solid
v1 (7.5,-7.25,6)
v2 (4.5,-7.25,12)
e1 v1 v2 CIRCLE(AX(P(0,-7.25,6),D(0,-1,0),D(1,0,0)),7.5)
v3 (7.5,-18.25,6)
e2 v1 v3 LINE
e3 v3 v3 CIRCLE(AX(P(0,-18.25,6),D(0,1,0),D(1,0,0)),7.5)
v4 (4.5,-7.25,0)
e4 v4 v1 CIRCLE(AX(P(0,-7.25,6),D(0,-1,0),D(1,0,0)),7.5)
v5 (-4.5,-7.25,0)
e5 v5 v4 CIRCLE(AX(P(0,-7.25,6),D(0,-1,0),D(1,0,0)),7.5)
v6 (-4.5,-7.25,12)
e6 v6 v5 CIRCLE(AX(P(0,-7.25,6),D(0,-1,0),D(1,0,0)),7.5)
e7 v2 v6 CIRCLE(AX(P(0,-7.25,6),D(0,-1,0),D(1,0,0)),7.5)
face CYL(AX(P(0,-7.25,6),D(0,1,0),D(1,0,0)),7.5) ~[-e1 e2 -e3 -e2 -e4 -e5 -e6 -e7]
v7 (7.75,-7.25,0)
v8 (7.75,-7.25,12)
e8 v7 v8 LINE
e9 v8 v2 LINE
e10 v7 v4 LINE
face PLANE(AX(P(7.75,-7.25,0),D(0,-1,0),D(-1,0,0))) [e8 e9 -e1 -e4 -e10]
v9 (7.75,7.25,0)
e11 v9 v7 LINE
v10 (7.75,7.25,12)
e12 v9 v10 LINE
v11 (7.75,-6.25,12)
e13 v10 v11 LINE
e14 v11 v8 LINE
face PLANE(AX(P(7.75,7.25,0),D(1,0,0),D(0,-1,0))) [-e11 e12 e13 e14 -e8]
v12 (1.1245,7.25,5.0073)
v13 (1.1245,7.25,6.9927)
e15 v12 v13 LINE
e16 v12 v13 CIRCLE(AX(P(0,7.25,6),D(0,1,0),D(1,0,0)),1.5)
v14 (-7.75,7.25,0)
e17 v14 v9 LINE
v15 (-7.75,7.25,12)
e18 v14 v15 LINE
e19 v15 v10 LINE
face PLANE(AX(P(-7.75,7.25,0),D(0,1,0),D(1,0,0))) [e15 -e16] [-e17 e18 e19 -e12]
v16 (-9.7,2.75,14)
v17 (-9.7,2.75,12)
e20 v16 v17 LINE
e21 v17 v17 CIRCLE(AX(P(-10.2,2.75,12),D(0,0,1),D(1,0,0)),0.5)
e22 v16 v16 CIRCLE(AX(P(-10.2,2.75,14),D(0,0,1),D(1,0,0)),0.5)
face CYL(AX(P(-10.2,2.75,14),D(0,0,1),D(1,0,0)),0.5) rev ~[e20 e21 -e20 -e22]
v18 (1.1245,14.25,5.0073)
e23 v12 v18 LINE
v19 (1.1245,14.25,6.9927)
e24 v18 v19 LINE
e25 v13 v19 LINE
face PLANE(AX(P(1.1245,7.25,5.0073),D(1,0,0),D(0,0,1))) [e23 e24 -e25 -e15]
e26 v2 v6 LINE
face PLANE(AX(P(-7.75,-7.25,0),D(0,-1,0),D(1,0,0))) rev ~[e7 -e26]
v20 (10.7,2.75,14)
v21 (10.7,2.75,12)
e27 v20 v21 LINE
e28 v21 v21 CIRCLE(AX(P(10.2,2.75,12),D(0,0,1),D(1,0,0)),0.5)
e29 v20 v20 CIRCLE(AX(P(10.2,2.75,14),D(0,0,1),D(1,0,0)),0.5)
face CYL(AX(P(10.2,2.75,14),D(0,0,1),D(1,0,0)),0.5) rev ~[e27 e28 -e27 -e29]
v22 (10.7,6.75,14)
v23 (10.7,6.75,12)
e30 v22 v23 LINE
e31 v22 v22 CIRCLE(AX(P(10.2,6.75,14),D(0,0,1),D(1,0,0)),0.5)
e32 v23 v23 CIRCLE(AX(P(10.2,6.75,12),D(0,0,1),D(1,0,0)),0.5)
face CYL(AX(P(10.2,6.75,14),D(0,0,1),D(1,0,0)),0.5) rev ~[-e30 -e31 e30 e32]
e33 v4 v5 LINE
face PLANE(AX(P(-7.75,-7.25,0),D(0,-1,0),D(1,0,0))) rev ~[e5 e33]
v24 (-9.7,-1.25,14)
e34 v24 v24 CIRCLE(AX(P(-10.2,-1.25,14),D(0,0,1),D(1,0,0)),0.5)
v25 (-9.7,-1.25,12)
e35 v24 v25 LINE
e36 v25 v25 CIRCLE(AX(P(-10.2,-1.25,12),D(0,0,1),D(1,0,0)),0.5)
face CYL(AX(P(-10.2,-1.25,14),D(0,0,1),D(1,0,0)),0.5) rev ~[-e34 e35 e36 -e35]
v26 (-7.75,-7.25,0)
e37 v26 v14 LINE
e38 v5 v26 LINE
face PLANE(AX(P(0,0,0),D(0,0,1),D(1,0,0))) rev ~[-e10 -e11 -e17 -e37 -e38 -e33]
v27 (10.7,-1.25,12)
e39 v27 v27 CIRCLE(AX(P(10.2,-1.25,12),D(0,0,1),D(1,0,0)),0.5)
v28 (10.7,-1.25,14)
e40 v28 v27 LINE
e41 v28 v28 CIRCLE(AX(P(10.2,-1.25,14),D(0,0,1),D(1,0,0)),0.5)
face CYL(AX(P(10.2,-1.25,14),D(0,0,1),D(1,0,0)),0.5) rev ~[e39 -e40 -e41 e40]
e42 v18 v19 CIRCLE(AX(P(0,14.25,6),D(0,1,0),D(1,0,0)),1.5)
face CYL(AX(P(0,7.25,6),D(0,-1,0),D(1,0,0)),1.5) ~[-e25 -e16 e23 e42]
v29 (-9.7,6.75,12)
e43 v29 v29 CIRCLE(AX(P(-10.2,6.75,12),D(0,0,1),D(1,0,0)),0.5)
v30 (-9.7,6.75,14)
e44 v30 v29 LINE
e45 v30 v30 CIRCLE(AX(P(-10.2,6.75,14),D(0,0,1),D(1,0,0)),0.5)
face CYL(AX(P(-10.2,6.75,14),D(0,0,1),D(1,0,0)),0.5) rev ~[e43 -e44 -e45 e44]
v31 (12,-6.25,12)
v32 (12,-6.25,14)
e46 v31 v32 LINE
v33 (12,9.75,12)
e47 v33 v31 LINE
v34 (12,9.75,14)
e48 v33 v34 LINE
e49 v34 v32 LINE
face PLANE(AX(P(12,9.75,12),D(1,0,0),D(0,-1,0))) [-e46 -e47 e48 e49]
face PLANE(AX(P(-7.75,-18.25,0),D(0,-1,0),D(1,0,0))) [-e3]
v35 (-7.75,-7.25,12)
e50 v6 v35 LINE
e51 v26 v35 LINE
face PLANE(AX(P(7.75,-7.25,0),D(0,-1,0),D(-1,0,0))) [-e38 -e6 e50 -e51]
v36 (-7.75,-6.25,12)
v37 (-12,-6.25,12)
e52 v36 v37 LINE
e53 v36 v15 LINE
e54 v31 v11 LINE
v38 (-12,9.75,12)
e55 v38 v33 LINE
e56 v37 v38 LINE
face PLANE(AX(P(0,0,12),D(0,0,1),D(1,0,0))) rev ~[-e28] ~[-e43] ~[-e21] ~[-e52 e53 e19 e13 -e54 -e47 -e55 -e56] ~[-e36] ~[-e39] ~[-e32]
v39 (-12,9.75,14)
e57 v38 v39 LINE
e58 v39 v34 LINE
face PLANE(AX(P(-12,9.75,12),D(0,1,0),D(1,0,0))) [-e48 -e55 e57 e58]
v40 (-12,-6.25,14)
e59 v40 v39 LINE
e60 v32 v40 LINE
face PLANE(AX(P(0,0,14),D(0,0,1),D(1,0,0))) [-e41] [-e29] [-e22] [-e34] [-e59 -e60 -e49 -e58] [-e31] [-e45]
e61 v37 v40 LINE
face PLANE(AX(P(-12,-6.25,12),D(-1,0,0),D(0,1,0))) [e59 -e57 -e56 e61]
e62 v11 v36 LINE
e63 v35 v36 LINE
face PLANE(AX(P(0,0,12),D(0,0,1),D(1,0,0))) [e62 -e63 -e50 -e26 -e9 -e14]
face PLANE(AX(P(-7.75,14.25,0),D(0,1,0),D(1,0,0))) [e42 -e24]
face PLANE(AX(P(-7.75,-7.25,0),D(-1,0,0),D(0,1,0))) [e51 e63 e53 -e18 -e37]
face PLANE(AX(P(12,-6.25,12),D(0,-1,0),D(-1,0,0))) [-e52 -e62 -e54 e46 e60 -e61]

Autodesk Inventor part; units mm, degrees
ref_plane "YZ Plane" through (0, 0, 0) normal (1, 0, 0) x (0, 1, 0)
ref_plane "XZ Plane" through (0, 0, 0) normal (0, 1, 0) x (-1, 0, 0)
ref_plane "XY Plane" through (0, 0, 0) normal (0, 0, 1) x (1, 0, 0)
sketch "Skizze1" plane through (0, 0, 0) normal (0, 0, 1) x (1, 0, 0)
  line L0 (7.75, -7.25) -> (-7.75, -7.25)
  line L1 (-7.75, -7.25) -> (-7.75, 7.25)
  line L2 (-7.75, 7.25) -> (7.75, 7.25)
  line L3 (7.75, 7.25) -> (7.75, -7.25)
  line L4 (7.75, -7.25) -> (-7.75, 7.25) construction
  line L5 (-7.75, -7.25) -> (7.75, 7.25) construction
  point P0 (0, 0)
  dimension "d0" = 15.5
  dimension "d1" = 14.5
extrude "Extrusion1" add sketch "Skizze1" along normal blind 12
sketch "Skizze2" plane through (0, 0, 12) normal (0, 0, 1) x (1, 0, 0)
  line L0 (12, -6.25) -> (-12, -6.25)
  line L1 (-12, -6.25) -> (-12, 9.75)
  line L2 (-12, 9.75) -> (12, 9.75)
  line L3 (12, 9.75) -> (12, -6.25)
  line L4 (12, -6.25) -> (-12, 9.75) construction
  line L5 (-12, -6.25) -> (12, 9.75) construction
  line L6 (7.75, 7.25) -> (-7.75, 7.25) projected
  point P0 (0, 0)
  point P1 (0, 1.75)
  dimension "d4" = 24
  dimension "d5" = 16
  dimension "d6" = 2.5
extrude "Extrusion2" add sketch "Skizze2" along normal blind 2
sketch "Skizze3" plane through (-7.75, 7.25, 0) normal (0, 1, 0) x (1, 0, 0)
  line L0 (15.5, 0) -> (0, 0) projected
  line L1 (0, 0) -> (0, -12) projected
  line L2 (15.5, -12) -> (0, -12) projected
  line L3 (15.5, 0) -> (15.5, -12) projected
  circle A0 centre (7.75, -6) radius 1.5
  line L4 (8.8745, -5.0073) -> (8.8745, -6.9927)
  point P0 (7.75, 0)
  dimension "d9" = 3
  dimension "d10" = 1.1245
extrude "Extrusion3" add sketch "Skizze3" along normal blind 7 contours L4 A0 picked at (7.9997, -6)
sketch "Skizze4" plane through (-7.75, -7.25, 0) normal (0, -1, 0) x (1, 0, 0)
  line L0 (0, 0) -> (15.5, 0) projected
  line L1 (15.5, 0) -> (15.5, 12) projected
  line L2 (0, 12) -> (15.5, 12) projected
  line L3 (0, 0) -> (0, 12) projected
  arc A0 (8.8745, 6.9927) -> (8.8745, 5.0073) centre (7.75, 6) ccw projected
  circle A1 centre (7.75, 6) radius 7.5
  point P0 (7.75, 0)
  dimension "d13" = 15
extrude "Extrusion4" add sketch "Skizze4" along normal blind 11 contours A1 L2 L0 | L0 A1 | A1 L2
sketch "Skizze5" plane through (0, 0, 14) normal (0, 0, 1) x (1, 0, 0)
  line L0 (12, 9.75) -> (-12, 9.75) projected
  line L1 (-12, 9.75) -> (-12, -6.25) projected
  line L2 (-12, -6.25) -> (12, -6.25) projected
  line L3 (12, -6.25) -> (12, 9.75) projected
  line L4 (-7.75, 7.25) -> (-7.75, -6.25) projected
  line L5 (7.75, -6.25) -> (7.75, 7.25) projected
  circle A0 centre (-10.2, -1.25) radius 0.5
  circle A1 centre (-10.2, 2.75) radius 0.5
  circle A2 centre (-10.2, 6.75) radius 0.5
  line L6 (0, 9.75) -> (0, -6.25)
  line L7 (12, 9.75) -> (12, -6.25)
  line L8 (7.75, 7.25) -> (7.75, -6.25)
  circle A3 centre (10.2, -1.25) radius 0.5
  circle A4 centre (10.2, 2.75) radius 0.5
  circle A5 centre (10.2, 6.75) radius 0.5
  point P0 (0, 0)
  dimension "d16" = 1
  dimension "d17" = 1
  dimension "d18" = 1
  dimension "d19" = 5
  dimension "d20" = 4
  dimension "d21" = 4
  dimension "d22" = 1.8
  dimension "d23" = 1.8
  dimension "d24" = 1.8
extrude "Extrusion5" cut sketch "Skizze5" against normal blind 11 contours A0 | A1 | A2 | A3 | A4 | A5
properties part number "00_Micro_Stepper_15mm_Gearbox"
